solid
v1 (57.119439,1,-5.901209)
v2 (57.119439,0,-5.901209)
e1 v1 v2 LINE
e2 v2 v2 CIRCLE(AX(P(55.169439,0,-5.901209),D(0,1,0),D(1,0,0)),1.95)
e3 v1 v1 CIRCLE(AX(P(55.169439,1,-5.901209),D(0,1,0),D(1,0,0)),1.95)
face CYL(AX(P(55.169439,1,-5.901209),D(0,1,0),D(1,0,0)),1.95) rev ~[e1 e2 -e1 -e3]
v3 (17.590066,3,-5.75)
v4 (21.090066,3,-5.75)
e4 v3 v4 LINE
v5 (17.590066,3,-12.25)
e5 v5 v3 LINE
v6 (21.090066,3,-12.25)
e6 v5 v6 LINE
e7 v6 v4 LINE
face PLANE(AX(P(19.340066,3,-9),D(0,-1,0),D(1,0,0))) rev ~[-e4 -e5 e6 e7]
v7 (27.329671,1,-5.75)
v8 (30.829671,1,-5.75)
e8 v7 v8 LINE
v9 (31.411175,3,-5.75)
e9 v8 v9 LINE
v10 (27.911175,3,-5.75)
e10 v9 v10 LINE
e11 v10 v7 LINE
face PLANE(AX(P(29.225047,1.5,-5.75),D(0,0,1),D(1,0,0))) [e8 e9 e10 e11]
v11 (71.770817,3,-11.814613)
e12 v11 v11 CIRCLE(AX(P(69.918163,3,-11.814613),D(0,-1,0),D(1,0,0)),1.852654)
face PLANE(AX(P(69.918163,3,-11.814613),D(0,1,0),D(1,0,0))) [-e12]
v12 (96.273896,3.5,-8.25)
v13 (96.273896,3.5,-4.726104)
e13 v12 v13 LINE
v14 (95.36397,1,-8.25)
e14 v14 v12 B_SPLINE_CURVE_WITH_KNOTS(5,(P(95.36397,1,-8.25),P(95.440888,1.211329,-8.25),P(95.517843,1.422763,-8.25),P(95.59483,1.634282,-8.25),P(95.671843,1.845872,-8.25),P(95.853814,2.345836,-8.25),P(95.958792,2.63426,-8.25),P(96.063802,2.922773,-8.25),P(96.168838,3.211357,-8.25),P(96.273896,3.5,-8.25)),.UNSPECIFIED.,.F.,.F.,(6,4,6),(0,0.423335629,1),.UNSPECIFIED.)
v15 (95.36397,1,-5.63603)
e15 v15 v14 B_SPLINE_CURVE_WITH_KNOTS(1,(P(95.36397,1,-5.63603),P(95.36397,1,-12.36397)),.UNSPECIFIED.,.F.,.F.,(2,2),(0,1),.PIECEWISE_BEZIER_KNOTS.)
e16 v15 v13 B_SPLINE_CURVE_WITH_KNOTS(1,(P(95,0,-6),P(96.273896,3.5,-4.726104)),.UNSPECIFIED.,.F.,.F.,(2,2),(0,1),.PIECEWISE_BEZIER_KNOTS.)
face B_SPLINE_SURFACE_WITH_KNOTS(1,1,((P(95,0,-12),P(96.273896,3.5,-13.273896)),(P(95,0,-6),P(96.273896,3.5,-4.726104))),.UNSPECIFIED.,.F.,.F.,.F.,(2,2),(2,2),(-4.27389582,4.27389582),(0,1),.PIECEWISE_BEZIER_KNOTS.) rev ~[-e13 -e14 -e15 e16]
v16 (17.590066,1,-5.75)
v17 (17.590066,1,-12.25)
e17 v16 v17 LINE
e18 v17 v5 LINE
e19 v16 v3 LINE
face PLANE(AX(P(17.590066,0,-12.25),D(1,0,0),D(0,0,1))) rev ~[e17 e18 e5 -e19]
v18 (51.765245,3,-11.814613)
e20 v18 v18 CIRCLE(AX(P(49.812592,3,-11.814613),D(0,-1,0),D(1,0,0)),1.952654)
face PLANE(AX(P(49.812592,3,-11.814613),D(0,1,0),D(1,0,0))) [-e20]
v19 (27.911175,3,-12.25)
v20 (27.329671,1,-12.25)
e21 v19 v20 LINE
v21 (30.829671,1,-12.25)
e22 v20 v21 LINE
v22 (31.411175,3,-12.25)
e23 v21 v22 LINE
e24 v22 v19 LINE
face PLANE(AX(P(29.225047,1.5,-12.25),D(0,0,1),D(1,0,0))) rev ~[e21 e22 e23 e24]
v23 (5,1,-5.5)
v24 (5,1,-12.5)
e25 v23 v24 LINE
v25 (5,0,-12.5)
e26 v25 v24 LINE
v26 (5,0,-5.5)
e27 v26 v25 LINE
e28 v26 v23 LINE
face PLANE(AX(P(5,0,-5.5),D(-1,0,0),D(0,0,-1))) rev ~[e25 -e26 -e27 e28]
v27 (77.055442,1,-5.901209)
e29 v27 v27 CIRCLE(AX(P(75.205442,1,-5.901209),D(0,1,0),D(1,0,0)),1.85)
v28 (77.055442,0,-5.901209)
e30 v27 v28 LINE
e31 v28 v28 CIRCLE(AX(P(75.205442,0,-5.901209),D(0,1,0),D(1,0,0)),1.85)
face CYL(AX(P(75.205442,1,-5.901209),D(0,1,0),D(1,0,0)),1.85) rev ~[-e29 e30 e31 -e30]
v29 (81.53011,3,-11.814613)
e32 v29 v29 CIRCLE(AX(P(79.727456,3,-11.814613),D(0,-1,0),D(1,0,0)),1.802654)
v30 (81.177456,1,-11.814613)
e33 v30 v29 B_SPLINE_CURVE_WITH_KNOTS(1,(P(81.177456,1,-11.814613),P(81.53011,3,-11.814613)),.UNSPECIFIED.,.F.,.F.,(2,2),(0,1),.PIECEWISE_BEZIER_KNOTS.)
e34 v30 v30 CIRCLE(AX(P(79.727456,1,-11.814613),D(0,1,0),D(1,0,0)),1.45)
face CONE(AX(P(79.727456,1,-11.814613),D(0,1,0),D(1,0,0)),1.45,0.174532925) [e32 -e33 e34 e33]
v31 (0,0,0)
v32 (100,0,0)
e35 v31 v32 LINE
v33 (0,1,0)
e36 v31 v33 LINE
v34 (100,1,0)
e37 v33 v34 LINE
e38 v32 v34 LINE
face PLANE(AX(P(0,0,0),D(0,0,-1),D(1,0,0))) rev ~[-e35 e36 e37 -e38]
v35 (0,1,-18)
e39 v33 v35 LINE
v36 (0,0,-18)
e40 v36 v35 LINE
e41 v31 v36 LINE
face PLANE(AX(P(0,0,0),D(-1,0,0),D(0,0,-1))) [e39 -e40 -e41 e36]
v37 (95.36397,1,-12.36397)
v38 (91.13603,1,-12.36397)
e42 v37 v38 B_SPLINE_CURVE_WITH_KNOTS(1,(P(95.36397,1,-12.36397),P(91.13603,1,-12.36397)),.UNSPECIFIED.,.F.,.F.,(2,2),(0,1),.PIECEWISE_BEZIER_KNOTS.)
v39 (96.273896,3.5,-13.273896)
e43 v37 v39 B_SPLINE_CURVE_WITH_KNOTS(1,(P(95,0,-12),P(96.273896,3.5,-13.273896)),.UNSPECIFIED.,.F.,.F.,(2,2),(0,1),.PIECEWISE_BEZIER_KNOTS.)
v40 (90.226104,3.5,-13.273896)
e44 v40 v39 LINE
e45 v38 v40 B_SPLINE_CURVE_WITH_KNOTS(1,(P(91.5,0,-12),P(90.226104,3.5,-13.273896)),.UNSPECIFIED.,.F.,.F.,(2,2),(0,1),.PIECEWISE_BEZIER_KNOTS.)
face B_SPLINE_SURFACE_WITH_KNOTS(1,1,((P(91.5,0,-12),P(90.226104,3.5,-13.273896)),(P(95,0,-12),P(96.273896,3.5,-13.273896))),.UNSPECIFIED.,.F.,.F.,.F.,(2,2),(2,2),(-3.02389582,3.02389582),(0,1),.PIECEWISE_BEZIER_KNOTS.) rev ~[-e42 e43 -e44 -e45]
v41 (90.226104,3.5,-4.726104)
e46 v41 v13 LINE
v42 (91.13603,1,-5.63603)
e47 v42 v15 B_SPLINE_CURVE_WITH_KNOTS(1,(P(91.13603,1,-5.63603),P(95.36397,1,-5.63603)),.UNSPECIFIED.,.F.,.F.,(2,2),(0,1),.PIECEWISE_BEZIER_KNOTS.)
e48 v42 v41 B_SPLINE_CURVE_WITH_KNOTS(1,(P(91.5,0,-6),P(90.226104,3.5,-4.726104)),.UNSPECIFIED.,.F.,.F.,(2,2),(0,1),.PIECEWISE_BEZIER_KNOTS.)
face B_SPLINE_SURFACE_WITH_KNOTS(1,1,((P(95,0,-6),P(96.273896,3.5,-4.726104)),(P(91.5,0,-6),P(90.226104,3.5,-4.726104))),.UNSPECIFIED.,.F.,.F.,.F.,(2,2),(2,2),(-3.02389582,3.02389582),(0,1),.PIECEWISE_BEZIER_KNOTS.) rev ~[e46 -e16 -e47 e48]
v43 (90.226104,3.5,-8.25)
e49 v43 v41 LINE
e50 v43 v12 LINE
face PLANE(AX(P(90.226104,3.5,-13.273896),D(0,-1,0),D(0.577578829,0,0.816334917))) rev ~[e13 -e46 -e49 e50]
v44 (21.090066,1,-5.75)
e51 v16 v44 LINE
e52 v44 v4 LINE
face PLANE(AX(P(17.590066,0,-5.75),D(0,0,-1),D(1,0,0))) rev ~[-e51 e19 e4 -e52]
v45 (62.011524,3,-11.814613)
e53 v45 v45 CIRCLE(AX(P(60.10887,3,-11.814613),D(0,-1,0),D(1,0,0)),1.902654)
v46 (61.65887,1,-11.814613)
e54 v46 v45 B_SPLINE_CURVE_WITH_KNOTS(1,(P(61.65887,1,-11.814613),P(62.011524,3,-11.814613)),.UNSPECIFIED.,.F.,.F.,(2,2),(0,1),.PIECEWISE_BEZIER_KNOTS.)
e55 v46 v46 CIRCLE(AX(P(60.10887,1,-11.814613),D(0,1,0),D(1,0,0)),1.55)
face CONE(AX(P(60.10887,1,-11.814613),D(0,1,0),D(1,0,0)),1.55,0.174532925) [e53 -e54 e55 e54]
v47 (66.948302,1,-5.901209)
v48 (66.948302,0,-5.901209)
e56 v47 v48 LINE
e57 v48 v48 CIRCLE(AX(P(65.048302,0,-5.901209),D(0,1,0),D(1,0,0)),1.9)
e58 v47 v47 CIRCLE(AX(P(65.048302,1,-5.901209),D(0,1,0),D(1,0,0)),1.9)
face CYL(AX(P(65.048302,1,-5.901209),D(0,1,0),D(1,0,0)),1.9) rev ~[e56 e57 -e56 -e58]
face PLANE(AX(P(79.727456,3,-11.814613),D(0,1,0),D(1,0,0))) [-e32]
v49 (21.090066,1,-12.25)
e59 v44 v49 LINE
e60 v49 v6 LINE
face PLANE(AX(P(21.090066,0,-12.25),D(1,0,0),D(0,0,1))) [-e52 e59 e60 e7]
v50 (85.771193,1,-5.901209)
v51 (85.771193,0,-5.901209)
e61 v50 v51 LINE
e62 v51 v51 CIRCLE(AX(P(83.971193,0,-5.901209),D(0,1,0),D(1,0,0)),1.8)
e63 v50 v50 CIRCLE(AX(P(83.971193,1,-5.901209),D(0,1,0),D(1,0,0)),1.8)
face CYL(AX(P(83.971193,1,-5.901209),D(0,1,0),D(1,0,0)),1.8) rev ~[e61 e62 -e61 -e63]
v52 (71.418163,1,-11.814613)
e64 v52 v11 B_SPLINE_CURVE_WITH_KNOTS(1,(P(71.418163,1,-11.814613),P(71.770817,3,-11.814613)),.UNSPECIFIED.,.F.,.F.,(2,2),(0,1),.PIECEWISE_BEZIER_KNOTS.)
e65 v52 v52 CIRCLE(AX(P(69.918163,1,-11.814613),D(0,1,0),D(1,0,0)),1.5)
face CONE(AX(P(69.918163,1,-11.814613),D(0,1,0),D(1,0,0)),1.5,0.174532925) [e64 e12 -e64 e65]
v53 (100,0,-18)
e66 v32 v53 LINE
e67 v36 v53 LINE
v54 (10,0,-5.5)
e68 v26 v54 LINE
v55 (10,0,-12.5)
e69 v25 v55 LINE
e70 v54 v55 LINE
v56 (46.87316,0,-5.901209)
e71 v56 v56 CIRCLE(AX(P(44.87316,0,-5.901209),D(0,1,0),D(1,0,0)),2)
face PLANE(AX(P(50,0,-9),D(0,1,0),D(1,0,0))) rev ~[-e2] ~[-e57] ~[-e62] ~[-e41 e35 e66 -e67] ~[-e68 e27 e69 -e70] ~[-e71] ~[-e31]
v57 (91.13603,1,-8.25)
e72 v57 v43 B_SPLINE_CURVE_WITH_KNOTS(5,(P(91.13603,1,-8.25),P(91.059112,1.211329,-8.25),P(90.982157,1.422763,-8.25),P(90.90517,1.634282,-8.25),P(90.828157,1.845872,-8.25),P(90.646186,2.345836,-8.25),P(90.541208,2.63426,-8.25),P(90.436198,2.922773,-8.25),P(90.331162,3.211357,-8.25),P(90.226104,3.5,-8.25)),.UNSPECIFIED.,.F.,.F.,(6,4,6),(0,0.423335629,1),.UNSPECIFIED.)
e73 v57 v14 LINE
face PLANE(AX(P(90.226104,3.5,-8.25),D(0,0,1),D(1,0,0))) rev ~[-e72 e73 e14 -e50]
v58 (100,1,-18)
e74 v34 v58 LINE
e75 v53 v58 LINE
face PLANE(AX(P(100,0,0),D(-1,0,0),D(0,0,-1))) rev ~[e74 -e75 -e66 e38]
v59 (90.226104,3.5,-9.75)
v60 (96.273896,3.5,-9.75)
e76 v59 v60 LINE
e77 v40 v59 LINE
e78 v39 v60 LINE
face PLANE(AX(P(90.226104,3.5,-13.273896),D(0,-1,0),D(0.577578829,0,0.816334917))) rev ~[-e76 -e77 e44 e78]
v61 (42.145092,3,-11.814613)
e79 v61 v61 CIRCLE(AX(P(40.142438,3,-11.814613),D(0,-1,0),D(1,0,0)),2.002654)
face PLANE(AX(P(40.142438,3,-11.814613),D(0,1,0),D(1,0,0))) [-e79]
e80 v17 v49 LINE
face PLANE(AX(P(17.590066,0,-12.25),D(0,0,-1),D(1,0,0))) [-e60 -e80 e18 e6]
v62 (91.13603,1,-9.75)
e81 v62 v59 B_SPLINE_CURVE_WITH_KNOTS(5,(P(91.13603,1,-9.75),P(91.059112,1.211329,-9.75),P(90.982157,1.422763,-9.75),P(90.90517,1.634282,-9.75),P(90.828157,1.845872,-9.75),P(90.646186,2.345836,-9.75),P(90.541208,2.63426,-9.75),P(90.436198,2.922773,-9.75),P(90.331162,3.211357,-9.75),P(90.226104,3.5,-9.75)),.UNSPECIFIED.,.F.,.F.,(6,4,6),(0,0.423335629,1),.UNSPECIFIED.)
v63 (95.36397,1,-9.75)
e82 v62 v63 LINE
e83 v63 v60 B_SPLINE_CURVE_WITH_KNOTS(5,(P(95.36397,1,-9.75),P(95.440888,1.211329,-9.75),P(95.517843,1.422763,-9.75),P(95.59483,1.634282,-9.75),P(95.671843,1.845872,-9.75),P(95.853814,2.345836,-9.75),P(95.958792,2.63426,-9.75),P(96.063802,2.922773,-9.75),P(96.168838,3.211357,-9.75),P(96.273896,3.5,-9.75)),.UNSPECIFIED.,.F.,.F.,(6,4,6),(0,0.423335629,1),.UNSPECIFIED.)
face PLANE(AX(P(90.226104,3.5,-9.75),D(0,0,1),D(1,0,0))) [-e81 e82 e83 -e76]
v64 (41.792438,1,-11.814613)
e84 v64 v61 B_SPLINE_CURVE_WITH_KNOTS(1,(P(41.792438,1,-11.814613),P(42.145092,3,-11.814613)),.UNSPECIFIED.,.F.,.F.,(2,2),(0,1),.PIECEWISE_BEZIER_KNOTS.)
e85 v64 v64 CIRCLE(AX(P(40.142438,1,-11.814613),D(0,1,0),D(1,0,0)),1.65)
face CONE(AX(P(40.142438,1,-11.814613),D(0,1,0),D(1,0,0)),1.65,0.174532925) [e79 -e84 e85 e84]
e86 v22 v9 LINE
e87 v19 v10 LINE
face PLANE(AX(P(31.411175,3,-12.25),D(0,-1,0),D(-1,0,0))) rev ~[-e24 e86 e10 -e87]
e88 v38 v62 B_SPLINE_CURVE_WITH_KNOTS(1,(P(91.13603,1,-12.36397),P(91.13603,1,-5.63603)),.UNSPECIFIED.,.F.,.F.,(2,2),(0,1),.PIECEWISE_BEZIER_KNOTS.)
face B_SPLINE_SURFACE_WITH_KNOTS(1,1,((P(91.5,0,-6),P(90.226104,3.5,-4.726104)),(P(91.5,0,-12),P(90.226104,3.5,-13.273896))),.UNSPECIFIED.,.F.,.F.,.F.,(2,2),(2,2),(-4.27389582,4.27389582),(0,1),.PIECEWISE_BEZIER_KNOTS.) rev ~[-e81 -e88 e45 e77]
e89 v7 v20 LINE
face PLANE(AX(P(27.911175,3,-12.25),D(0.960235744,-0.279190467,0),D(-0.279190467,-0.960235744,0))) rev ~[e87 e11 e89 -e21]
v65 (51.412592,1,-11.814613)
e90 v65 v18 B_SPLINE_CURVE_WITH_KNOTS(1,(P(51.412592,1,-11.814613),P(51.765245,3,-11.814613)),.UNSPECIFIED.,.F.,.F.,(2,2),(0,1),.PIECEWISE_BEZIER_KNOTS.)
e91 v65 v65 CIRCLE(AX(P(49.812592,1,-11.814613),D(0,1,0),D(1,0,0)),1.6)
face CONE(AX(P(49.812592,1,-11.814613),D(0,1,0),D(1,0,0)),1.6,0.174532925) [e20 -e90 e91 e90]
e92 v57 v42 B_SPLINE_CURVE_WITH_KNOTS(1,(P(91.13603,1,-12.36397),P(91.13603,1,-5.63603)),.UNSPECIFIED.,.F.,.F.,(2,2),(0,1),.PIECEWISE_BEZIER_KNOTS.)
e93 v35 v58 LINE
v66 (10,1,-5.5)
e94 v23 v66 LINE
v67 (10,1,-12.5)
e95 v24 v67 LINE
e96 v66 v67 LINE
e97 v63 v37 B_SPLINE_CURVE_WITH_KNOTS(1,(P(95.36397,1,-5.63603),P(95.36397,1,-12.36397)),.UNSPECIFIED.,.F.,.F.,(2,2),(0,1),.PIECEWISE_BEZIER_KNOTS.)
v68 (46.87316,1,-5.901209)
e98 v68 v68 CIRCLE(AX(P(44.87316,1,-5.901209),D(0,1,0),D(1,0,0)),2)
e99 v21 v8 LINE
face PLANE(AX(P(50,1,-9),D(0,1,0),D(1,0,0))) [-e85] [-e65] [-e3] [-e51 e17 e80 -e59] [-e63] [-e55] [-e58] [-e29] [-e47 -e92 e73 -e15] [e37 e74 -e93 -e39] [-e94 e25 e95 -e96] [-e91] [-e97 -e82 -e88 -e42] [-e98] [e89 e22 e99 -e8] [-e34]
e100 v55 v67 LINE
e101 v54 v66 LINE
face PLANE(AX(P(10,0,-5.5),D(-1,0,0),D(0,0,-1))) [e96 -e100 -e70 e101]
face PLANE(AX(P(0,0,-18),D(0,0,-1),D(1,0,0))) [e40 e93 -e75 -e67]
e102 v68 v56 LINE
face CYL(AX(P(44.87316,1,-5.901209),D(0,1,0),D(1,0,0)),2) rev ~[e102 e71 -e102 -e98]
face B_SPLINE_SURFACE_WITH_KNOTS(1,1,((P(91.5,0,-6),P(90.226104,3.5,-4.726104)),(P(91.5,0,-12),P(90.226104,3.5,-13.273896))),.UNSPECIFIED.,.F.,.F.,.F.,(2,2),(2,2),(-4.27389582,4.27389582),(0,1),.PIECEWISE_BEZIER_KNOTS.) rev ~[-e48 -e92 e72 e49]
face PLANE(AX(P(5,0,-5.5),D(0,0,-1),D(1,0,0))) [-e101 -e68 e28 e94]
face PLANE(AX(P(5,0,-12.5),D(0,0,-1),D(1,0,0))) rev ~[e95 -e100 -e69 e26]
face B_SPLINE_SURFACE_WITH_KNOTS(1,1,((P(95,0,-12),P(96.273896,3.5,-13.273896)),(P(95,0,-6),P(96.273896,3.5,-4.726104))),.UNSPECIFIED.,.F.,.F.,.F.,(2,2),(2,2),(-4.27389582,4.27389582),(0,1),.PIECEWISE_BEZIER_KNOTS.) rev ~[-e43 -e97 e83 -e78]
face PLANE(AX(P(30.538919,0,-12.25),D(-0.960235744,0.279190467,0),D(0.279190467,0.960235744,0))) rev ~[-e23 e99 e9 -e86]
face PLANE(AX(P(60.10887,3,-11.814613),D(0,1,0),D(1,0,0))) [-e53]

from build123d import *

# Parameters (mm, degrees)
SKETCH1_W           = 100
SKETCH1_H           = 18
SKETCH1_W_2         = 5
SKETCH1_H_2         = 7
SKETCH1_W_3         = 3.5
SKETCH1_H_3         = 6
SKETCH1_H_4         = 6.5
BOSS_EXTRUDE1_DEPTH = 1
SKETCH2_W           = 3.5
SKETCH2_H           = 6
BOSS_EXTRUDE2_DEPTH = 3.5
BOSS_EXTRUDE2_TAPER = -20
SKETCH3_W           = 6.04779164
SKETCH3_H           = 1.5
CUT_EXTRUDE1_DEPTH  = 2.5
SKETCH4_W           = 3.5
SKETCH4_H           = 6.5
BOSS_EXTRUDE3_DEPTH = 3
BOSS_EXTRUDE4_DEPTH = 6.5
SKETCH10_R          = 1.8
SKETCH10_R_2        = 1.85
SKETCH10_R_3        = 1.9
SKETCH10_R_4        = 1.95
SKETCH10_R_5        = 2
CUT_EXTRUDE2_DEPTH  = 2
SKETCH10_3_R        = 1.45
SKETCH10_3_R_2      = 1.5
SKETCH10_3_R_3      = 1.55
SKETCH10_3_R_4      = 1.6
SKETCH10_3_R_5      = 1.65
BOSS_EXTRUDE5_DEPTH = 2
BOSS_EXTRUDE5_TAPER = -10


with BuildPart() as part:
    # Sketch1 → Boss-Extrude1 (new body)
    with BuildSketch(Plane(origin=(0, 0, 0), x_dir=(1, 0, 0), z_dir=(0, 1, 0))):
        with Locations((50, 9)):
            Rectangle(SKETCH1_W, SKETCH1_H)
        with Locations((7.5, 9)):
            Rectangle(SKETCH1_W_2, SKETCH1_H_2, mode=Mode.SUBTRACT)
        with Locations((93.25, 9)):
            Rectangle(SKETCH1_W_3, SKETCH1_H_3, mode=Mode.SUBTRACT)
        with Locations((19.340066027, 9)):
            Rectangle(SKETCH1_W_3, SKETCH1_H_4, mode=Mode.SUBTRACT)
    extrude(amount=BOSS_EXTRUDE1_DEPTH)

    # Sketch2 → Boss-Extrude2 (add)
    with BuildSketch(Plane.XZ):
        with Locations((93.25, -9)):
            Rectangle(SKETCH2_W, SKETCH2_H)
    extrude(amount=-BOSS_EXTRUDE2_DEPTH, taper=BOSS_EXTRUDE2_TAPER)

    # Sketch3 → Cut-Extrude1 (cut)
    with BuildSketch(Plane(origin=(0, 3.5, 0), x_dir=(1, 0, 0), z_dir=(0, 1, 0))):
        with Locations((93.25, 9)):
            Rectangle(SKETCH3_W, SKETCH3_H)
    extrude(amount=-CUT_EXTRUDE1_DEPTH, mode=Mode.SUBTRACT)

    # Sketch4 → Boss-Extrude3 (add)
    with BuildSketch(Plane.XZ):
        with Locations((19.340066027, -9)):
            Rectangle(SKETCH4_W, SKETCH4_H)
    extrude(amount=-BOSS_EXTRUDE3_DEPTH)

    # Sketch9 → Boss-Extrude4 (add)
    with BuildSketch(Plane(origin=(0, 0, -12.25), x_dir=(-1, 0, 0), z_dir=(0, 0, -1))):
        Polygon((-31.411175368, 3), (-27.911175368, 3), (-27.038919355, 0), (-30.538919355, 0), align=None)
    extrude(amount=-BOSS_EXTRUDE4_DEPTH)

    # Sketch10 → Cut-Extrude2 (cut, through all)
    with BuildSketch(Plane(origin=(0, 1, 0), x_dir=(1, 0, 0), z_dir=(0, 1, 0))):
        with Locations((83.971192641, 5.901209197)):
            Circle(SKETCH10_R)
        with Locations((75.205441642, 5.901209197)):
            Circle(SKETCH10_R_2)
        with Locations((65.048301596, 5.901209197)):
            Circle(SKETCH10_R_3)
        with Locations((55.169439359, 5.901209197)):
            Circle(SKETCH10_R_4)
        with Locations((44.873160409, 5.901209197)):
            Circle(SKETCH10_R_5)
    extrude(amount=-CUT_EXTRUDE2_DEPTH, mode=Mode.SUBTRACT)

    # Sketch10<3> → Boss-Extrude5 (add)
    with BuildSketch(Plane(origin=(0, 1, 0), x_dir=(1, 0, 0), z_dir=(0, 1, 0))):
        with Locations((79.727456046, 11.814612648)):
            Circle(SKETCH10_3_R)
        with Locations((69.918163262, 11.814612648)):
            Circle(SKETCH10_3_R_2)
        with Locations((60.108870478, 11.814612648)):
            Circle(SKETCH10_3_R_3)
        with Locations((49.812591527, 11.814612648)):
            Circle(SKETCH10_3_R_4)
        with Locations((40.142437647, 11.814612648)):
            Circle(SKETCH10_3_R_5)
    extrude(amount=BOSS_EXTRUDE5_DEPTH, taper=BOSS_EXTRUDE5_TAPER)


solid = part.part
